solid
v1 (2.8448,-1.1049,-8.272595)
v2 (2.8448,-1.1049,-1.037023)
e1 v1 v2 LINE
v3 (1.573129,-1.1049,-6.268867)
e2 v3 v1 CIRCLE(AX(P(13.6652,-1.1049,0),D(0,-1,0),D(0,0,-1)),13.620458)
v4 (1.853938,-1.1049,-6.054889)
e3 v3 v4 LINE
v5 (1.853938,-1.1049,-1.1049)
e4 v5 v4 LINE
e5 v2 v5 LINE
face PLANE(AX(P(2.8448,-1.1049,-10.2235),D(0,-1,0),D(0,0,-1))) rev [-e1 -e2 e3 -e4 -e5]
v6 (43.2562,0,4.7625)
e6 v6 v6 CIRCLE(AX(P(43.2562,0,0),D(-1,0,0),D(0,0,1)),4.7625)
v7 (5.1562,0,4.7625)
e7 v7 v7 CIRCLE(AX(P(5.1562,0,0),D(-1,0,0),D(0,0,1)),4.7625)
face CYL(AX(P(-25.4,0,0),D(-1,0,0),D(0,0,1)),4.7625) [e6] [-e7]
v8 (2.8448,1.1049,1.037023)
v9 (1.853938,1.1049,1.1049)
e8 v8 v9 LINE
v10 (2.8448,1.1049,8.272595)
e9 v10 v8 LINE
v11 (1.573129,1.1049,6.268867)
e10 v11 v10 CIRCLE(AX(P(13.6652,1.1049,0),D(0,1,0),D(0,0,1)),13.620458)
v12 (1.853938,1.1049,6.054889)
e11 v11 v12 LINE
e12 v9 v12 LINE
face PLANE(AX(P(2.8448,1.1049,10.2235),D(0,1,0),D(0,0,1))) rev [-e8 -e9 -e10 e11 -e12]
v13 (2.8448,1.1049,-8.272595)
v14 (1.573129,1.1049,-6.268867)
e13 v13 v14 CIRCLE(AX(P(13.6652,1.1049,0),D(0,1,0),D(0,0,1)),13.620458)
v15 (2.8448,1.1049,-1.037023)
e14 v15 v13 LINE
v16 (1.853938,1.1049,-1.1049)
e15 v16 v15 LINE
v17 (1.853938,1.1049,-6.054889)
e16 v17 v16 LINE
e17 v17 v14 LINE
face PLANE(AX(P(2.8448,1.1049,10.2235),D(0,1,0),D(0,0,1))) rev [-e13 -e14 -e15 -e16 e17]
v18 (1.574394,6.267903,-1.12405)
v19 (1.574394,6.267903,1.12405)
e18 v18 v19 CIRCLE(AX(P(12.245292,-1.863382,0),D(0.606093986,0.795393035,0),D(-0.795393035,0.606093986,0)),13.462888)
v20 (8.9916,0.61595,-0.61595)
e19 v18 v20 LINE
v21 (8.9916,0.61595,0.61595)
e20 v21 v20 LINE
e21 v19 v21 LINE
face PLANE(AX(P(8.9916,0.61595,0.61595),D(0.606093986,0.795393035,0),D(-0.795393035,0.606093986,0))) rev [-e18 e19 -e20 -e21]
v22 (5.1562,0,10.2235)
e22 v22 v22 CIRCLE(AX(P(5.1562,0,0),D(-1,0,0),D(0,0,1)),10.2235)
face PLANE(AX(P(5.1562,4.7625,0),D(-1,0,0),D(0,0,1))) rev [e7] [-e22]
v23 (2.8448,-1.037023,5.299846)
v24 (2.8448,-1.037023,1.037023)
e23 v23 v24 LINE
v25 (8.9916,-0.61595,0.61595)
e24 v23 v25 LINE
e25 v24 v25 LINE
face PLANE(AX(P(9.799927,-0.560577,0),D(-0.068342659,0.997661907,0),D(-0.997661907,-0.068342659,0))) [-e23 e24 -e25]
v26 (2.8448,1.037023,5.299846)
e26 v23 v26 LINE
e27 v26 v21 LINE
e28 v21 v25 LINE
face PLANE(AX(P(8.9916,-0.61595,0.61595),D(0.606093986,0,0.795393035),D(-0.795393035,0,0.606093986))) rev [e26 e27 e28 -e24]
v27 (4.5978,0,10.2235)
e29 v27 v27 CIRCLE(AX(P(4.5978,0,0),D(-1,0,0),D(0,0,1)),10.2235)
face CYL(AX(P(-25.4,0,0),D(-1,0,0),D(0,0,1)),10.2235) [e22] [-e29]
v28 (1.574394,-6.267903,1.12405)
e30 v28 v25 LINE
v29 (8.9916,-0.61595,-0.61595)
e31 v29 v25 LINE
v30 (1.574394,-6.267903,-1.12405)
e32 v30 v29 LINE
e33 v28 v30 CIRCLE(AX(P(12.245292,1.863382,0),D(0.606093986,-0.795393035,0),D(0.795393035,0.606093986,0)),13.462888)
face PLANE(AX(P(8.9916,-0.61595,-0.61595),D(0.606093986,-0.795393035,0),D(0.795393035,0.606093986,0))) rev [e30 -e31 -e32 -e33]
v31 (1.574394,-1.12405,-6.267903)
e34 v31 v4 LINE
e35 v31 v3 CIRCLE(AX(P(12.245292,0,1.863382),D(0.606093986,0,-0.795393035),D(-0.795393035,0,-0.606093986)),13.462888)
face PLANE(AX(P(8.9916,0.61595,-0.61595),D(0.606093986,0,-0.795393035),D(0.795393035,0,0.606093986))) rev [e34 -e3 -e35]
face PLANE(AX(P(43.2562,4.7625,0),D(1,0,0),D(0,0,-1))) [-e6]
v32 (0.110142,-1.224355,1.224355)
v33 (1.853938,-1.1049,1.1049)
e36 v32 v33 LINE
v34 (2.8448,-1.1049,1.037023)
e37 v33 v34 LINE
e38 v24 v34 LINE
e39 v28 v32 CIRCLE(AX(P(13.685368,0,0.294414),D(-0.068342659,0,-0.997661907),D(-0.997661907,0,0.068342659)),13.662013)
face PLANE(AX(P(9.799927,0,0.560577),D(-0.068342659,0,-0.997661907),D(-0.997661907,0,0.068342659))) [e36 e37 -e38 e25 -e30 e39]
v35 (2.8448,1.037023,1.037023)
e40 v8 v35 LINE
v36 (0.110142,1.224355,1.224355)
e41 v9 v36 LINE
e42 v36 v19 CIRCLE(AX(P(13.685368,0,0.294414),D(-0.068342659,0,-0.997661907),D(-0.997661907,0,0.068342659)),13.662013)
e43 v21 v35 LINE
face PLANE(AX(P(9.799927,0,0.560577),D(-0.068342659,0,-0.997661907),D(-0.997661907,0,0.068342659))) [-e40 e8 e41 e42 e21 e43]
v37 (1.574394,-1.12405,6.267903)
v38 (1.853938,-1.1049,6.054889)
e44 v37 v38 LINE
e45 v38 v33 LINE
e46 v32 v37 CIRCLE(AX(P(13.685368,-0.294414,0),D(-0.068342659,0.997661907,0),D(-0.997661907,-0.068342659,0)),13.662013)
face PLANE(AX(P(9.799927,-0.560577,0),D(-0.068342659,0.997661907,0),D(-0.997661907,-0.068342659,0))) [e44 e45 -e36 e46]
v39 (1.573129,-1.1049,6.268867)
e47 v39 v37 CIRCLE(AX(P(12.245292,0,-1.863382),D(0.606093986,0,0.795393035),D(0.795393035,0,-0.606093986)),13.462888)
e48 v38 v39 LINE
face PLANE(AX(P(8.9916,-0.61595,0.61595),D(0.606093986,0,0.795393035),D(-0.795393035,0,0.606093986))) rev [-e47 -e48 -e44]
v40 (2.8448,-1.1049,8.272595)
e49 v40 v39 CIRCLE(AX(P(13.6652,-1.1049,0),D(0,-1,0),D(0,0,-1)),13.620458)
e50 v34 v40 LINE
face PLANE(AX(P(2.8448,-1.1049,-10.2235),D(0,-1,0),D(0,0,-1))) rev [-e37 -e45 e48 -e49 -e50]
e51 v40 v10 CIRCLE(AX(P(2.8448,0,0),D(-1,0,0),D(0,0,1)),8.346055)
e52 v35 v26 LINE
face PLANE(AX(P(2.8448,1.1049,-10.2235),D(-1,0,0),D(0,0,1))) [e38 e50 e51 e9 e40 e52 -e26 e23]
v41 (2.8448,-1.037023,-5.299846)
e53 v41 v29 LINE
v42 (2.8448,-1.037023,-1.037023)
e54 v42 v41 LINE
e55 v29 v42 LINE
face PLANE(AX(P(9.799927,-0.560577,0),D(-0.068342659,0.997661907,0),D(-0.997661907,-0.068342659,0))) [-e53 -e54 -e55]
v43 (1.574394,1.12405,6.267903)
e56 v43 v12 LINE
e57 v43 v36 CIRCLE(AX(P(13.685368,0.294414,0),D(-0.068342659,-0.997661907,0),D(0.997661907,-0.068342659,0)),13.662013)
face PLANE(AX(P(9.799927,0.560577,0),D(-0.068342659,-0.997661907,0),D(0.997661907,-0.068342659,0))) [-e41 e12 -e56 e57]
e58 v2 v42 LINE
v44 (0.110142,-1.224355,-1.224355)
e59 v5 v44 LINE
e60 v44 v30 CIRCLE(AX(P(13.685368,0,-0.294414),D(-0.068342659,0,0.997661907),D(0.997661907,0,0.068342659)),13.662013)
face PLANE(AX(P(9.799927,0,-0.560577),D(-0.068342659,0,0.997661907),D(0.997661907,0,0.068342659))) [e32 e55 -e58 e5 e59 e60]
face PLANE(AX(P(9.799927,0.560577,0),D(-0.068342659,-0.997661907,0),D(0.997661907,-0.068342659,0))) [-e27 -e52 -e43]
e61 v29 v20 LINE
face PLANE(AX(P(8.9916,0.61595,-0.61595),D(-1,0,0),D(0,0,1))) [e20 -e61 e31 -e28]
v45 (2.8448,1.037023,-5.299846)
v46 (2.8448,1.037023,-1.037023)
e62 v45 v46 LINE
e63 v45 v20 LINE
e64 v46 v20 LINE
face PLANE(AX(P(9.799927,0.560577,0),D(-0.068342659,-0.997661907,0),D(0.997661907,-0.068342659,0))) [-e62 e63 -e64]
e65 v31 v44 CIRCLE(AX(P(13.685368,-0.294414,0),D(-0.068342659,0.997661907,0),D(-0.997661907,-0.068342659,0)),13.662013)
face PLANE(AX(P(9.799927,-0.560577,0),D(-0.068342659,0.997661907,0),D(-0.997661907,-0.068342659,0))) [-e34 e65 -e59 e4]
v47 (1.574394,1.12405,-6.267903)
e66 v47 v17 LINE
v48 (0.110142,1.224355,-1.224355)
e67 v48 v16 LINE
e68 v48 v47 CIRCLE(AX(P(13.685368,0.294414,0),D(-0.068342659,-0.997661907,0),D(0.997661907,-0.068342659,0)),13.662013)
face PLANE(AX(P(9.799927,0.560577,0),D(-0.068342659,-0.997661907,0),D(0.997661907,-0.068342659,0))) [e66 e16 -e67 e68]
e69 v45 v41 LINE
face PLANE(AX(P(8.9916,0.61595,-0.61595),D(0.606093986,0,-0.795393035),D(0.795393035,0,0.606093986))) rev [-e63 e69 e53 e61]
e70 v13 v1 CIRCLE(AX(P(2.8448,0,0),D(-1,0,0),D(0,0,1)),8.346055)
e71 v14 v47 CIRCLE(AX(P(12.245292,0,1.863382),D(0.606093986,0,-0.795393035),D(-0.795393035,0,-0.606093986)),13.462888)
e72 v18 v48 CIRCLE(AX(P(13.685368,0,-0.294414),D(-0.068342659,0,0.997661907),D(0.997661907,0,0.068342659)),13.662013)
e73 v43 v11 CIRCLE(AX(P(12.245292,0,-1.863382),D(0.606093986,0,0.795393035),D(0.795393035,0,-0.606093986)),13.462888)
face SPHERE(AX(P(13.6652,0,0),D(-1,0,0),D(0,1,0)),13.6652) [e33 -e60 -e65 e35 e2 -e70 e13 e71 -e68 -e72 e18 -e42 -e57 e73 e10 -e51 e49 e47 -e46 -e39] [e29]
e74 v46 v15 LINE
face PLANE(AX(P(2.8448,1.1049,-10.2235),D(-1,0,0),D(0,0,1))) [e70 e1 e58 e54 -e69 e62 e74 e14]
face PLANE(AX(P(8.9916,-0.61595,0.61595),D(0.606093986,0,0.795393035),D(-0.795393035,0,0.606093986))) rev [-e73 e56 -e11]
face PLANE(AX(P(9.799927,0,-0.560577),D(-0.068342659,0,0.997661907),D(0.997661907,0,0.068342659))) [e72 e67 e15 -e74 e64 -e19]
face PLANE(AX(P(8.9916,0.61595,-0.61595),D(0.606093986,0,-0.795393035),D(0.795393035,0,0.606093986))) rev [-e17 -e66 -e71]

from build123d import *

# Parameters (mm, degrees)
SKETCH2_W         = 20.447
SKETCH2_H         = 2.2098
SLOT_DEPTH        = 2.8448
CIRPATTERN1_COUNT = 2
CIRPATTERN1_ANGLE = 90


with BuildPart() as part:
    # BodySke → Base-Revolve (revolve)
    with BuildSketch(Plane.XY, mode=Mode.PRIVATE) as base_revolve_sk:
        with BuildLine():
            Line((5.1562, 4.7625), (5.1562, 10.2235))
            Line((5.1562, 10.2235), (4.597800219, 10.2235))
            ThreePointArc((4.597800219, 10.2235), (1.202344739, 5.604902299), (0, 0))
            Line((0, 0), (43.2562, 0))
            Line((43.2562, 0), (43.2562, 4.7625))
            Line((43.2562, 4.7625), (5.1562, 4.7625))
        make_face()
    revolve(base_revolve_sk.sketch.rotate(Axis((-25.4, 0, 0), (1, 0, 0)), 90), axis=Axis((-25.4, 0, 0), (1, 0, 0)))

    # Sketch2 → Slot (cut)
    with BuildSketch(Plane(origin=(0, 0, 0), x_dir=(0, 0, -1), z_dir=(1, 0, 0))):
        Rectangle(SKETCH2_W, SKETCH2_H)
    extrude(amount=SLOT_DEPTH, mode=Mode.SUBTRACT)

    # Sketch3 → Cross section 0
    with BuildSketch(Plane(origin=(0, 0, 0), x_dir=(0, 0, -1), z_dir=(1, 0, 0))):
        with BuildLine():
            Line((1.2319, -7.4676), (-1.2319, -7.4676))
            Line((-1.2319, -7.4676), (-1.2319, 7.4676))
            Line((-1.2319, 7.4676), (1.2319, 7.4676))
            Line((1.2319, 7.4676), (1.2319, -7.4676))
        make_face()
    # Sketch4 → Cross section 1
    with BuildSketch(Plane(origin=(8.9916, 0, 0), x_dir=(0, 0, -1), z_dir=(1, 0, 0))):
        with BuildLine():
            Line((0.61595, -0.61595), (-0.61595, -0.61595))
            Line((-0.61595, -0.61595), (-0.61595, 0.61595))
            Line((-0.61595, 0.61595), (0.61595, 0.61595))
            Line((0.61595, 0.61595), (0.61595, -0.61595))
        make_face()
    cross = loft(mode=Mode.SUBTRACT)

    # CirPattern1: Cross ×2 about axis
    cirpattern1_axis = Axis((0, 0, 0), (1, 0, 0))
    for i in range(1, CIRPATTERN1_COUNT):
        add(cross.rotate(cirpattern1_axis, i * CIRPATTERN1_ANGLE / (CIRPATTERN1_COUNT - 1)), mode=Mode.SUBTRACT)


solid = part.part
